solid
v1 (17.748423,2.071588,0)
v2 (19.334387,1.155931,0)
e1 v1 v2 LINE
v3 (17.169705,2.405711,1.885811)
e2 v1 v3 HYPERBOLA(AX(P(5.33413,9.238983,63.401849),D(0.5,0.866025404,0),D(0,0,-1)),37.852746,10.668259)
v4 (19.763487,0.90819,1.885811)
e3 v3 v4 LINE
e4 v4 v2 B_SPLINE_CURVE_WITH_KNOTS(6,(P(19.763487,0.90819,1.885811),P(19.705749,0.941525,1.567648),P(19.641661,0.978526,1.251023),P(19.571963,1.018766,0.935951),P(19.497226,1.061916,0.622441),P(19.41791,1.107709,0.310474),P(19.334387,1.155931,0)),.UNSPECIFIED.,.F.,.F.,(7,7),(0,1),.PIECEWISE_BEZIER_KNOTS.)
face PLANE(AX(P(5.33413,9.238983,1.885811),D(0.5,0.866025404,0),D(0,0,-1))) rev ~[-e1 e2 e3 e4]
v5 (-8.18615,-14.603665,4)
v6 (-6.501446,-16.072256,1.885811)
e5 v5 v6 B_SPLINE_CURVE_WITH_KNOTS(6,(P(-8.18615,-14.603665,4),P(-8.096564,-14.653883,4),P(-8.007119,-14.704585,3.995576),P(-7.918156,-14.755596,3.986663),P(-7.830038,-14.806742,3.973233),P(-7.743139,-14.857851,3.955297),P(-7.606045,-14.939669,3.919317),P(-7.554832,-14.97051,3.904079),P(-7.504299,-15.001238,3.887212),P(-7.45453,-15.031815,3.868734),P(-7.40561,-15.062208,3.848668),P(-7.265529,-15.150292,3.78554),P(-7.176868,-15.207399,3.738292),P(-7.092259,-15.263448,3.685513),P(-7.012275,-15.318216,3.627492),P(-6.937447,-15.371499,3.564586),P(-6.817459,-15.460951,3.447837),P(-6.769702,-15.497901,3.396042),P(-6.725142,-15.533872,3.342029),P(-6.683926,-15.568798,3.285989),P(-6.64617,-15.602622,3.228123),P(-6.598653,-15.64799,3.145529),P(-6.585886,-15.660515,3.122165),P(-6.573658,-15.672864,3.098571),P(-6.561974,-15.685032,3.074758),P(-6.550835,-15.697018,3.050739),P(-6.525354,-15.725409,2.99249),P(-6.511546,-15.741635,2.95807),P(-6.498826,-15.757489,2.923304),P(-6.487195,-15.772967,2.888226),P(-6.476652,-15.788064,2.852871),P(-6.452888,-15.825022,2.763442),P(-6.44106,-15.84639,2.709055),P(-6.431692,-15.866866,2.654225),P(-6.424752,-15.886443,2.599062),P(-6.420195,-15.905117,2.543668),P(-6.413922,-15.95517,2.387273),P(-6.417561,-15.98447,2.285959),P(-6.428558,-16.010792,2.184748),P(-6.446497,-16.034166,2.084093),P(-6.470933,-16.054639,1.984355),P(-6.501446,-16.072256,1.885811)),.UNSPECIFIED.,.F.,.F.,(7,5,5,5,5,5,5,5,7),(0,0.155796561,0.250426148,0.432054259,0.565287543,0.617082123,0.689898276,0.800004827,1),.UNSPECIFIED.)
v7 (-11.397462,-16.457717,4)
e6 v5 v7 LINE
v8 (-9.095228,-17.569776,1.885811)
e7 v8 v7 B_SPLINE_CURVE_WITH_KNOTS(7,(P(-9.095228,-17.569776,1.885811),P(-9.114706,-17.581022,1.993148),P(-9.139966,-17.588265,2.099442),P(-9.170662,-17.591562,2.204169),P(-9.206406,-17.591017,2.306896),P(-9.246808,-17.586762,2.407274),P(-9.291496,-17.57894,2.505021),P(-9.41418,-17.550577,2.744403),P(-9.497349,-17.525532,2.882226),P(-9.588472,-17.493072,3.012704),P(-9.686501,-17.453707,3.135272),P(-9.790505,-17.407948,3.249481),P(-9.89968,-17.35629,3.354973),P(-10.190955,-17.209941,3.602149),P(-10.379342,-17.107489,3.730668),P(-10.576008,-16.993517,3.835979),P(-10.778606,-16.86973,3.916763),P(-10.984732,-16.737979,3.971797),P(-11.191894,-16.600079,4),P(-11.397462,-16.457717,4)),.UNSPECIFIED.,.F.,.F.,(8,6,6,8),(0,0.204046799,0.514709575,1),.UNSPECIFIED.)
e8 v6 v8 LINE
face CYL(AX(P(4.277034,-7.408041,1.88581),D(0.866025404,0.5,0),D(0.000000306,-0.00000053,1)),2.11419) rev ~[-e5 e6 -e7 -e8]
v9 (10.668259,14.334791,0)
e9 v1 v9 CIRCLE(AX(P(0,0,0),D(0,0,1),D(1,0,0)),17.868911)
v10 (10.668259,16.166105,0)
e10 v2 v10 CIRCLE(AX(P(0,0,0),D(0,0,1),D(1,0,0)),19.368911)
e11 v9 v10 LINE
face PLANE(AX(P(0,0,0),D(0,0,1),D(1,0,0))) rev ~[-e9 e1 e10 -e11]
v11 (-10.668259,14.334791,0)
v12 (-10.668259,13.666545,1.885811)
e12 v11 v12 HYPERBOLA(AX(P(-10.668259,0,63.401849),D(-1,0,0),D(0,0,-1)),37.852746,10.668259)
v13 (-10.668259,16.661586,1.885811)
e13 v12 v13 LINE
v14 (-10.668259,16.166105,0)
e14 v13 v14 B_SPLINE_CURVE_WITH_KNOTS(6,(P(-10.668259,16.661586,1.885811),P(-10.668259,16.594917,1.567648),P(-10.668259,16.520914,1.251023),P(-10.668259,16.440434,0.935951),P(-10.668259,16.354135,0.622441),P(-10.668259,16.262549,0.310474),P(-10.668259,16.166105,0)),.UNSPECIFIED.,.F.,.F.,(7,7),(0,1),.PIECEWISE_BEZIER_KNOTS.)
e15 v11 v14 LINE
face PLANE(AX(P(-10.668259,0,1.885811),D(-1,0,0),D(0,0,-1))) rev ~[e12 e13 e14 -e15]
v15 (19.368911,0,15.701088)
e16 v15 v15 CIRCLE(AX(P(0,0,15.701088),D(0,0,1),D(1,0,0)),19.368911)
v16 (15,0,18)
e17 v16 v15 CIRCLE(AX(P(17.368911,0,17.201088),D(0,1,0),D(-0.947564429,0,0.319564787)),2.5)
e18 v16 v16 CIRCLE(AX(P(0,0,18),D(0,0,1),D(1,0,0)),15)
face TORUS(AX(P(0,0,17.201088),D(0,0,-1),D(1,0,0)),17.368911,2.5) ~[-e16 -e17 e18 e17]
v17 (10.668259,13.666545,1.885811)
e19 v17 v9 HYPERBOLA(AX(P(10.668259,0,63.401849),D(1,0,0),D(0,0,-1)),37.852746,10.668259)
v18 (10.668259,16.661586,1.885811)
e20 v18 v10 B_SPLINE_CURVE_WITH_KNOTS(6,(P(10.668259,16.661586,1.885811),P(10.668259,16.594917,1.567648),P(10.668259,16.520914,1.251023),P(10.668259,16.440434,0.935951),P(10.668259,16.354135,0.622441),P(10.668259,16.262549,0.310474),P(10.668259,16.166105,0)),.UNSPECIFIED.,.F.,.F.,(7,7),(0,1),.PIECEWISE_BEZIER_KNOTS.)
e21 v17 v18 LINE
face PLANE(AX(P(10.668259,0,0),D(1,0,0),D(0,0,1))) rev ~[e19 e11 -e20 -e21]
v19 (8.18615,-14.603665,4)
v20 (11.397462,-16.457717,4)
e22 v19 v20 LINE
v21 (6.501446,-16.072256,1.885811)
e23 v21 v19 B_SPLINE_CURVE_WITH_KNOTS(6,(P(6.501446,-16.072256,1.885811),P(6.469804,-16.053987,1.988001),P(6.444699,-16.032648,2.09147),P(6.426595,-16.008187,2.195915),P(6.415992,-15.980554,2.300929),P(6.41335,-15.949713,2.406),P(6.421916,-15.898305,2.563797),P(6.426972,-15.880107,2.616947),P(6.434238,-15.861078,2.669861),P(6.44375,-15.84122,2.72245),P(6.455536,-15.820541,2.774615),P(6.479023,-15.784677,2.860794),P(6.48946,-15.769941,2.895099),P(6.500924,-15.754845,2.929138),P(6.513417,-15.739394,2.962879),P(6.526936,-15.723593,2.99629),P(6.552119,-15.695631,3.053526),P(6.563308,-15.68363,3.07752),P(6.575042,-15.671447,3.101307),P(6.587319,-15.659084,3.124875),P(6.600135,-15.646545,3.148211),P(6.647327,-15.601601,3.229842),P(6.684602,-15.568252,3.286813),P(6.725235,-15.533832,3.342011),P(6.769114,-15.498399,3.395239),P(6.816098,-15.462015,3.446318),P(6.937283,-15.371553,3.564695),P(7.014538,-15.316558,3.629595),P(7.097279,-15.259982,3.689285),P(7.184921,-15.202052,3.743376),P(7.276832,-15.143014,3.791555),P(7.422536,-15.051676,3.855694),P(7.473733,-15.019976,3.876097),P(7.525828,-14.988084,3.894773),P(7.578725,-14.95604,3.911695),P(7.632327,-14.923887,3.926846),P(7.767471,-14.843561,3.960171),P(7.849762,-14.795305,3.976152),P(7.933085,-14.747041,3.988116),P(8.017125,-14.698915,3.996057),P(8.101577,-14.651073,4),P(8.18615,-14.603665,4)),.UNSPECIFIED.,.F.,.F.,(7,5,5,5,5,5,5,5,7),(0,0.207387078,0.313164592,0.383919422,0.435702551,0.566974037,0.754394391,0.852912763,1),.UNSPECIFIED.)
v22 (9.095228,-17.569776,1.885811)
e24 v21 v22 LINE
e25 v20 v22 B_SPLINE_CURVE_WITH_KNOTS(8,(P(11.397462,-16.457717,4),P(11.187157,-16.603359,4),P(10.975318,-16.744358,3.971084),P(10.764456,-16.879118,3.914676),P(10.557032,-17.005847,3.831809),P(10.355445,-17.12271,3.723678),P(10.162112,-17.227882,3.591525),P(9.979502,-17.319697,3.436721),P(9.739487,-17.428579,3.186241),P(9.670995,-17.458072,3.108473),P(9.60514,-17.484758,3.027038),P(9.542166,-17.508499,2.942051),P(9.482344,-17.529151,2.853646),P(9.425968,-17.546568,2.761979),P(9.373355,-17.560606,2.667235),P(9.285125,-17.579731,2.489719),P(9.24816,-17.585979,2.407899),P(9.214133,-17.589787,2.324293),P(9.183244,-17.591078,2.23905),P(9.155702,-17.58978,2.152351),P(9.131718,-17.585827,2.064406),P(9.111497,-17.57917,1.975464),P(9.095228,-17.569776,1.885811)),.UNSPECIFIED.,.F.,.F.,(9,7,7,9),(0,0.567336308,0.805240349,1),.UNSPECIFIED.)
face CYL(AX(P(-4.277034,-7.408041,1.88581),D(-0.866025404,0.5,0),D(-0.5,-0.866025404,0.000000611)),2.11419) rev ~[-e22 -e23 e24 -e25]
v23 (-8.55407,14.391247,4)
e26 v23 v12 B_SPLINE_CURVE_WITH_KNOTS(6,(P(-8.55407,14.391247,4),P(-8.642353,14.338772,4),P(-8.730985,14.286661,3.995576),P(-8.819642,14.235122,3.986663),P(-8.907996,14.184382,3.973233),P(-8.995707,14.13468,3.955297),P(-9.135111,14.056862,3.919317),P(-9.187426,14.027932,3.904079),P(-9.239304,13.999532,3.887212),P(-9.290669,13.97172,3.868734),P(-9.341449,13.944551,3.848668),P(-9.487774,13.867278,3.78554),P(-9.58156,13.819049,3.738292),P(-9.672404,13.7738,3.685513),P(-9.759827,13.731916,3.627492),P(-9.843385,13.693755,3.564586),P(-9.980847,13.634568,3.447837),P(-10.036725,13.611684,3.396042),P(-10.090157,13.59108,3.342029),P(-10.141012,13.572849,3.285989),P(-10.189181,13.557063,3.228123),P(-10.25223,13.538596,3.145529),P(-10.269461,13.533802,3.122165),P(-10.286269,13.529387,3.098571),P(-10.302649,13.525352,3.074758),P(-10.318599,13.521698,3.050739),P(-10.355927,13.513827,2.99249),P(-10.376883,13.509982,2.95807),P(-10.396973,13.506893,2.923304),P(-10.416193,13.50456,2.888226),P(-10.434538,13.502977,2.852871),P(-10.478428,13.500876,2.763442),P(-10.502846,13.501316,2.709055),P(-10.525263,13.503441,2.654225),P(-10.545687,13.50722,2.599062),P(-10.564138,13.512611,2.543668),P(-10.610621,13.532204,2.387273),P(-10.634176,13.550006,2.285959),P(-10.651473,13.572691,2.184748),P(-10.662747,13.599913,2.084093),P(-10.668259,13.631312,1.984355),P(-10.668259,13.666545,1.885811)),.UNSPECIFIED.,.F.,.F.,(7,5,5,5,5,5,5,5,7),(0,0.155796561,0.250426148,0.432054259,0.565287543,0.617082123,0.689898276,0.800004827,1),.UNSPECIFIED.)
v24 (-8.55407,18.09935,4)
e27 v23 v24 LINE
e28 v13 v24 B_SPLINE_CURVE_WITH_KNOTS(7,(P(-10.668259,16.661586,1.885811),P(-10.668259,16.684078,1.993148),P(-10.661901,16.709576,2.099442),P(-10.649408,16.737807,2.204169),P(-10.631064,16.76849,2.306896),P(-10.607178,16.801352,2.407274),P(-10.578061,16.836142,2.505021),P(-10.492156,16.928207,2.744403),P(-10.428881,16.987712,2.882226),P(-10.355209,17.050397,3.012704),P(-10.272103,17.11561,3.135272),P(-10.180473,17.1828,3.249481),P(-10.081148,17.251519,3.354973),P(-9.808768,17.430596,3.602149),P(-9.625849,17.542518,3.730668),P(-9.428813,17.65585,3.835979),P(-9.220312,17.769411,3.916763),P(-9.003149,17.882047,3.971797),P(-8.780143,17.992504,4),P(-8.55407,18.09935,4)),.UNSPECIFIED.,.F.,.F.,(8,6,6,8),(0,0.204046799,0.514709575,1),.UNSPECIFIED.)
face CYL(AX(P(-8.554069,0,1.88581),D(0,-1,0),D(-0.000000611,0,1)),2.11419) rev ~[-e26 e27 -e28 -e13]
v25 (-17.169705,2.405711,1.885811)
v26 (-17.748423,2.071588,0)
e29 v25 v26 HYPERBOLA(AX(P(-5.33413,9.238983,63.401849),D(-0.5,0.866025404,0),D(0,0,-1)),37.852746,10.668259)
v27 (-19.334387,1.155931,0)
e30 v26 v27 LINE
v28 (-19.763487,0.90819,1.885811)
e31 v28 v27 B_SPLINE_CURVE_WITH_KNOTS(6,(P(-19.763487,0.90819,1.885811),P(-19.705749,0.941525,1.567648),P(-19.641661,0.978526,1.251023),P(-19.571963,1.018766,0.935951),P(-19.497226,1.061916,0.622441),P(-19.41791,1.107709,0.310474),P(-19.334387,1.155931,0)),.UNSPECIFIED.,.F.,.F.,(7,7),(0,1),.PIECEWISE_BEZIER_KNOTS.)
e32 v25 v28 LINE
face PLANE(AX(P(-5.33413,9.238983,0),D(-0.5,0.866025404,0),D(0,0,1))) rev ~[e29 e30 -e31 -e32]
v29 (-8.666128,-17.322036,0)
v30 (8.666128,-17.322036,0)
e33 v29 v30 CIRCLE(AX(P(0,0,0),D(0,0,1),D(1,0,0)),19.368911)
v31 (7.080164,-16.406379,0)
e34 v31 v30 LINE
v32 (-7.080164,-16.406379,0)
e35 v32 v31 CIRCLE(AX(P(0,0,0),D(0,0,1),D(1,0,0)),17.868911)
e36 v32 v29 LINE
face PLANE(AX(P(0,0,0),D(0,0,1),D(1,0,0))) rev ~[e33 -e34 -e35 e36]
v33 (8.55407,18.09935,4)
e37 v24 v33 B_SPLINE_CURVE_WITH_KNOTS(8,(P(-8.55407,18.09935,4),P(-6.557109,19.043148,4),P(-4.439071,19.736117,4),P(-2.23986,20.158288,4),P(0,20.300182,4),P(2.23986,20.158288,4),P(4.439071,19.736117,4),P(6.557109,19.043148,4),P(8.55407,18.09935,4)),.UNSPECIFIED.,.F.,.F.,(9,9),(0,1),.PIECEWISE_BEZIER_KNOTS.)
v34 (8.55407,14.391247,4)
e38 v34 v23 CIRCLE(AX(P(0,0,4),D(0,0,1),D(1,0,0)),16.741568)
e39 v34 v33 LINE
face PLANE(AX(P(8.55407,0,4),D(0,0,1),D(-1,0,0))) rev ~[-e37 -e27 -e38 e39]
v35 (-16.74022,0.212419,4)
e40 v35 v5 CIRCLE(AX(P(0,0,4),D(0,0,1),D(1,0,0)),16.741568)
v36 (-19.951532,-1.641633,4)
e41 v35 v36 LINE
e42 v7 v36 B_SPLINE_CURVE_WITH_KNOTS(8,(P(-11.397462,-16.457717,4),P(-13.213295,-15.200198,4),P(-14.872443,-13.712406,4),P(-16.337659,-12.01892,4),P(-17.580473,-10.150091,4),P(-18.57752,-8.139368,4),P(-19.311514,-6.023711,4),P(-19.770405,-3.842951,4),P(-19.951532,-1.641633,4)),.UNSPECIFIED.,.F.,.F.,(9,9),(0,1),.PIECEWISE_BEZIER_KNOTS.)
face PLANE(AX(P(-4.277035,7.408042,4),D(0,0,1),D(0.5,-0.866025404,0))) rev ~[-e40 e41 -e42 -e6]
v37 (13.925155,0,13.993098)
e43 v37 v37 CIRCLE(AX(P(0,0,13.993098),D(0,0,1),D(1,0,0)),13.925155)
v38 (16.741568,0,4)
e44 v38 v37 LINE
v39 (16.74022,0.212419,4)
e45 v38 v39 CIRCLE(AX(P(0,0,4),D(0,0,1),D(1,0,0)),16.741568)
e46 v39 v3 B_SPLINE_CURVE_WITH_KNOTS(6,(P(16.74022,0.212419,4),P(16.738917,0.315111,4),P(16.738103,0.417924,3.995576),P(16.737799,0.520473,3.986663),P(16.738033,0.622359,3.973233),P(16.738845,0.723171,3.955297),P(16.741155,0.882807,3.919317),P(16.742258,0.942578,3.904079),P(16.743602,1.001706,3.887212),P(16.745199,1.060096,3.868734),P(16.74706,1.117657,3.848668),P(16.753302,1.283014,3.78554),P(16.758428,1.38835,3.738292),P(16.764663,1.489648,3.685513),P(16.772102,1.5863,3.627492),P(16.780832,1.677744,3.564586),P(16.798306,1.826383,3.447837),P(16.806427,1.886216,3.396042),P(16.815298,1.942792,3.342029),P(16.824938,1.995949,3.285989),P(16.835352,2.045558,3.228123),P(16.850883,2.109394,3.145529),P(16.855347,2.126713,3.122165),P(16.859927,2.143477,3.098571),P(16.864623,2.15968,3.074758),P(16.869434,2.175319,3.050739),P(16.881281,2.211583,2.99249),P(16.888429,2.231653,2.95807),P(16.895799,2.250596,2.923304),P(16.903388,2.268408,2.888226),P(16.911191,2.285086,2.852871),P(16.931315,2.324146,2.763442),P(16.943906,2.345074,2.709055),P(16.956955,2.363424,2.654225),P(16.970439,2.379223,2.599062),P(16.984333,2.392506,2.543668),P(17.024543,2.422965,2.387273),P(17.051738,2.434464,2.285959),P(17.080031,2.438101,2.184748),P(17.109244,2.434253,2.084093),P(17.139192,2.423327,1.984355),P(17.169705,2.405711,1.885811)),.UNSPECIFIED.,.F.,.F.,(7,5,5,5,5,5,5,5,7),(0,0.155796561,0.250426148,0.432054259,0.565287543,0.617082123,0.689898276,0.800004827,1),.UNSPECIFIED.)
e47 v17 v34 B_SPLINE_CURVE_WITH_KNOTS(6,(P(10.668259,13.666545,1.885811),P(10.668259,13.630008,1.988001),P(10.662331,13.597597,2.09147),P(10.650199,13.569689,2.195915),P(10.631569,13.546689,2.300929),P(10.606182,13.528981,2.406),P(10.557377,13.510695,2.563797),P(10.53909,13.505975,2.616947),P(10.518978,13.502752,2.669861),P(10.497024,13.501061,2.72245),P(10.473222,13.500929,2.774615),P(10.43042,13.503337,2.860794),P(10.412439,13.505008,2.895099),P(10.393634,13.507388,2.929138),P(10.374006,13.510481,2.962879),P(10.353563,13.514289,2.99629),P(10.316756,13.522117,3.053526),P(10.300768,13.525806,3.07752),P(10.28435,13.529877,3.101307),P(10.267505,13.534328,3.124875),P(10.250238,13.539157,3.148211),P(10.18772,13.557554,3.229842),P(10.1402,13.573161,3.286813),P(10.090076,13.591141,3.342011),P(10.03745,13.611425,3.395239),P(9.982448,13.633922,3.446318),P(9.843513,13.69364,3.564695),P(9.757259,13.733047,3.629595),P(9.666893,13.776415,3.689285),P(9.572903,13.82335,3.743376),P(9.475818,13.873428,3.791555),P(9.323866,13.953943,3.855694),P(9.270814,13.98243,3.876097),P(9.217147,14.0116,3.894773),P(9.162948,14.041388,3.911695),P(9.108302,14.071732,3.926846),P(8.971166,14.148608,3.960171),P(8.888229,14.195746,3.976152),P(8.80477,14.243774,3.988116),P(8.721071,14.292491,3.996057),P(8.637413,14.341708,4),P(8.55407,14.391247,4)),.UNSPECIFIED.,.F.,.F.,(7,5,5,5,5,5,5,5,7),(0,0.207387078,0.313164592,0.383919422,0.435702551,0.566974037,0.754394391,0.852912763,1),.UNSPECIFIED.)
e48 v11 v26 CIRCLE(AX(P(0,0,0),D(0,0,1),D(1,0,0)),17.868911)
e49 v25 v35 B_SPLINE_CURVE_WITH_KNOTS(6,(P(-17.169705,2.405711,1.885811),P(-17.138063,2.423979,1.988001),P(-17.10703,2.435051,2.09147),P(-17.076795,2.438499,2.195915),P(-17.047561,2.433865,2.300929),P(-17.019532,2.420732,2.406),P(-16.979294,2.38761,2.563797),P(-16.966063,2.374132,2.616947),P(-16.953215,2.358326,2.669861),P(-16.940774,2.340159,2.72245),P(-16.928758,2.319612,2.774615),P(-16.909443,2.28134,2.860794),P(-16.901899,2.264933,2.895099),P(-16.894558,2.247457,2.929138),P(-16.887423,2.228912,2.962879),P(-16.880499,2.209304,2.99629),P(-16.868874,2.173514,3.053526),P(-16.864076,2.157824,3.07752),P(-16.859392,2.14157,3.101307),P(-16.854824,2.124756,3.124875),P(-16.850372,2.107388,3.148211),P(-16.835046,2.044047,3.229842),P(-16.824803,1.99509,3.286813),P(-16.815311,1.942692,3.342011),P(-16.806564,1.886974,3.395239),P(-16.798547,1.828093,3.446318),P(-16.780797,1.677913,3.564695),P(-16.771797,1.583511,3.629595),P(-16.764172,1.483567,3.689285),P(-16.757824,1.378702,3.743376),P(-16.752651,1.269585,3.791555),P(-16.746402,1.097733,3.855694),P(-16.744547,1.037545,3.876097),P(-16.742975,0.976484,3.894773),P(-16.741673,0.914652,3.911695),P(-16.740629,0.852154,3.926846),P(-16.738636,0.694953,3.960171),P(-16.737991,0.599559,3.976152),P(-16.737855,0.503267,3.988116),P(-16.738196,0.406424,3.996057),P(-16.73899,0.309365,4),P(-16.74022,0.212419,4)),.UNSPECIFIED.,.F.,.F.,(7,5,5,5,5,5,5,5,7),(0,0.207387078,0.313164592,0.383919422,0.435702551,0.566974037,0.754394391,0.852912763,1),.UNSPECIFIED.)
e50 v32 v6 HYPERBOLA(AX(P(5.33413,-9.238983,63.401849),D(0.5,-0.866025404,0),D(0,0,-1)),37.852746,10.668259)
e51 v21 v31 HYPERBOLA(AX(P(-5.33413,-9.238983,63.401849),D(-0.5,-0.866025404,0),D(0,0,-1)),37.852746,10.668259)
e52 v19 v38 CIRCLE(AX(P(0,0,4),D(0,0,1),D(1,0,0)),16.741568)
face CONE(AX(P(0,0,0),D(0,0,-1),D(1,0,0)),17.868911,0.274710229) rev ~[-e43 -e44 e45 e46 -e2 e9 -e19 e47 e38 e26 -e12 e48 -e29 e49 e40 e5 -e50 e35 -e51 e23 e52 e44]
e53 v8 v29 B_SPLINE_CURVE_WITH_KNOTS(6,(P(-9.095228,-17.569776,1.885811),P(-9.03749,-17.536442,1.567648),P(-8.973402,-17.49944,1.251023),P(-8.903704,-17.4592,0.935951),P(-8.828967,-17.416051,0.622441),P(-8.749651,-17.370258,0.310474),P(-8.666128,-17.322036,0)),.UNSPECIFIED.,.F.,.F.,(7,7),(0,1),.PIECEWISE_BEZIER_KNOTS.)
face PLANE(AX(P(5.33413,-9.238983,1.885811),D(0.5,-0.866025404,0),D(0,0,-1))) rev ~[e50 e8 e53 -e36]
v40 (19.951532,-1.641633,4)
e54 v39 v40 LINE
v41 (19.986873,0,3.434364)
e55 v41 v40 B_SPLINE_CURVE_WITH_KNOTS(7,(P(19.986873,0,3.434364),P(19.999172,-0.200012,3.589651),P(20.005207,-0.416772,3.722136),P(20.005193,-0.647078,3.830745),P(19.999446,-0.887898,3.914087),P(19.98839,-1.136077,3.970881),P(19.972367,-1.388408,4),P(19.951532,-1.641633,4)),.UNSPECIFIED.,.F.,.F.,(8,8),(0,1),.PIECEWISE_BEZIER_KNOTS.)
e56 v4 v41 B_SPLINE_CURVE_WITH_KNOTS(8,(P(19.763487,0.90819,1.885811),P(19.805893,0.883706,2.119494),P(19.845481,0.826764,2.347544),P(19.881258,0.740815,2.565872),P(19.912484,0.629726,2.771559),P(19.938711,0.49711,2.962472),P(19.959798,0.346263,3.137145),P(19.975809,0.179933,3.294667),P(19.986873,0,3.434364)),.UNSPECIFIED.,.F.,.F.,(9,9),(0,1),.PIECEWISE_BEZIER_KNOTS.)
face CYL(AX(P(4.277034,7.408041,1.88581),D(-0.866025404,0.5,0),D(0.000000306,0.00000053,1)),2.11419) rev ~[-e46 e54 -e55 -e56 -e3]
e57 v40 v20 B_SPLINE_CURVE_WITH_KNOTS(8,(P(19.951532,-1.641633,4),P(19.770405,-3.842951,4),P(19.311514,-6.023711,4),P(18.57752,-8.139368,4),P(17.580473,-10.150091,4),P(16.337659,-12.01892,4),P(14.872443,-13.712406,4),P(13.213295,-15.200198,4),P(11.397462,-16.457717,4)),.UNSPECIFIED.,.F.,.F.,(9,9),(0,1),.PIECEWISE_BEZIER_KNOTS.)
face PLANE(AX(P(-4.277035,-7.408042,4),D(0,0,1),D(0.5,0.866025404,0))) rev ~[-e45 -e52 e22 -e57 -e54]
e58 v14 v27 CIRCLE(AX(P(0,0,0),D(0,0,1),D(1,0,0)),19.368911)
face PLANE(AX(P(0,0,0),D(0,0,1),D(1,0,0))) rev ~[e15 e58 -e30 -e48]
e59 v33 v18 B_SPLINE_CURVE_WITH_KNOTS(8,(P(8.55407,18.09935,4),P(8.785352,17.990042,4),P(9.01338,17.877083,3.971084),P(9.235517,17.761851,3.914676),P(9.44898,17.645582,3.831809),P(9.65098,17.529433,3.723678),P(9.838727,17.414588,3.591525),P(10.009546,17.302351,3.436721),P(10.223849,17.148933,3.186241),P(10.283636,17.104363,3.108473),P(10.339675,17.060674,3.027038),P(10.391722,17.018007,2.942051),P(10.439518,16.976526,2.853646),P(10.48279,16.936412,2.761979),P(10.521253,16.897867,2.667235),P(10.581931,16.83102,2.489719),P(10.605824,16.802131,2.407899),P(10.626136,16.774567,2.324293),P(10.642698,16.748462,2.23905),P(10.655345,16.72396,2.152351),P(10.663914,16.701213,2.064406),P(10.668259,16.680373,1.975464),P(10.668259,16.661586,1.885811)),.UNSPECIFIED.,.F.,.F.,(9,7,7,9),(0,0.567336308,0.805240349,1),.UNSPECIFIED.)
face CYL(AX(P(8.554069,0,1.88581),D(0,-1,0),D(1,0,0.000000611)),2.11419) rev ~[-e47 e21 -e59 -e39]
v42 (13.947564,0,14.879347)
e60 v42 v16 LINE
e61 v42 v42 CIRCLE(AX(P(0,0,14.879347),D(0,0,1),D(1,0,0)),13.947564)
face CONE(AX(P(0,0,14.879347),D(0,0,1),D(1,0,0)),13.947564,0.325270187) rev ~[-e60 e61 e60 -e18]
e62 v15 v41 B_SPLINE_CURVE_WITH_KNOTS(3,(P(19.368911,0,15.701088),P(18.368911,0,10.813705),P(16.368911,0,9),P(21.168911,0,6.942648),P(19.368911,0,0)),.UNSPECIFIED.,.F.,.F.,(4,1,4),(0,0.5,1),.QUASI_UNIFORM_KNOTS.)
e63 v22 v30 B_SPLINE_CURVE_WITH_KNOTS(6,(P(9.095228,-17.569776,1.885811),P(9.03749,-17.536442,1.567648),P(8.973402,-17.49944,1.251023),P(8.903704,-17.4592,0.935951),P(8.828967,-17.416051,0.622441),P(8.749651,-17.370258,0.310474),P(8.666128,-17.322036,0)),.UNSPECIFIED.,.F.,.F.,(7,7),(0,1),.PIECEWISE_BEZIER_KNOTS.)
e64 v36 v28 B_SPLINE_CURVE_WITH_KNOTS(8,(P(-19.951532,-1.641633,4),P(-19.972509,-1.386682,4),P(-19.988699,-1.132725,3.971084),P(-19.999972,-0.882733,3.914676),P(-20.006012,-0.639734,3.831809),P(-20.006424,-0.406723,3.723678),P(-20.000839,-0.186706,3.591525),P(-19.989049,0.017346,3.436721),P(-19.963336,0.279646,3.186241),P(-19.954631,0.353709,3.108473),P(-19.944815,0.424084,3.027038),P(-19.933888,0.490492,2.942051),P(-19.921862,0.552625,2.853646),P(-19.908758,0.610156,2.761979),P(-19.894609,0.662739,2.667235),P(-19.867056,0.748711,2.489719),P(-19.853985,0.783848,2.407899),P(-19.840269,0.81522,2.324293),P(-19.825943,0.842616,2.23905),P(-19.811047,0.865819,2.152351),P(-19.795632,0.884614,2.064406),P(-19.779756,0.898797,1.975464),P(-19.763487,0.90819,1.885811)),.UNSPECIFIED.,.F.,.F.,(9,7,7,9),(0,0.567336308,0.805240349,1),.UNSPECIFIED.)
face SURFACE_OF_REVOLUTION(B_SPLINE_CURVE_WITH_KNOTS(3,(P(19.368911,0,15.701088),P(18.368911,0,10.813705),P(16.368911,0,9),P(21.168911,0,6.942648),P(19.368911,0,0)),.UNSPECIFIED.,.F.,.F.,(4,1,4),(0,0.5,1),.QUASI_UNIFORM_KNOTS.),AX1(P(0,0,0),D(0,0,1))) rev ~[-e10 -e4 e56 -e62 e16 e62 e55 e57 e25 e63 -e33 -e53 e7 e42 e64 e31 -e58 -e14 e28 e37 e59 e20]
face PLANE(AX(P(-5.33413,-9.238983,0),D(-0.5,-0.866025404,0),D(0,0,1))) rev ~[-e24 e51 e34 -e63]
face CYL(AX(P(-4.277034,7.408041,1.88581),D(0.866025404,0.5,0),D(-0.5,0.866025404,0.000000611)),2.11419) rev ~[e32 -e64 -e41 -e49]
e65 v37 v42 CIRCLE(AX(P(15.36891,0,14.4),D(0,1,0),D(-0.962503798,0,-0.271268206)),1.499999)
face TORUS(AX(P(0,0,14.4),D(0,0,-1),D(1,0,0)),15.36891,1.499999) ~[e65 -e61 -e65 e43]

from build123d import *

# Parameters (mm, degrees)
POCKET_DEPTH       = 139.961054
POLARPATTERN_COUNT = 3


with BuildPart() as part:
    # Sketch → Revolution (revolve)
    with BuildSketch(Plane.XZ):
        with BuildLine():
            Line((13.947564, 14.879347), (15, 18))
            ThreePointArc((15, 18), (18.533073, 19.413491), (19.368911, 15.701088))
            add(Edge.make_bspline(
                [(19.368911, 15.701088), (18.368911, 10.813705), (16.368911, 9), (21.168911, 6.942648), (19.368911, 0)],
                knots=[0, 0, 0, 0, 0.5, 1, 1, 1, 1], degree=3))
            Line((19.368911, 0), (17.868911, 0))
            Line((17.868911, 0), (13.925155, 13.993098))
            ThreePointArc((13.925155, 13.993098), (13.86939, 14.437916), (13.947564, 14.879347))
        make_face()
    revolve(axis=Axis((0, 0, 0), (0, 0, 1)))

    # Sketch001 → Pocket (cut, through all)
    with BuildSketch(Plane.XZ):
        with BuildLine():
            Line((-10.668259, 1.885811), (-10.668259, 0))
            Line((-10.668259, 0), (10.668259, 0))
            Line((10.668259, 0), (10.668259, 1.885811))
            ThreePointArc((10.668259, 1.885811), (10.049027, 3.380768), (8.55407, 4))
            Line((8.55407, 4), (-8.55407, 4))
            ThreePointArc((-8.55407, 4), (-10.049027, 3.380768), (-10.668259, 1.885811))
        make_face()
    pocket = extrude(amount=-POCKET_DEPTH, mode=Mode.SUBTRACT)

    # PolarPattern: Pocket ×3 about axis
    polarpattern_axis = Axis((0, 0, 0), (0, 0, 1))
    for i in range(1, POLARPATTERN_COUNT):
        add(pocket.rotate(polarpattern_axis, i * 360 / POLARPATTERN_COUNT), mode=Mode.SUBTRACT)


solid = part.part
